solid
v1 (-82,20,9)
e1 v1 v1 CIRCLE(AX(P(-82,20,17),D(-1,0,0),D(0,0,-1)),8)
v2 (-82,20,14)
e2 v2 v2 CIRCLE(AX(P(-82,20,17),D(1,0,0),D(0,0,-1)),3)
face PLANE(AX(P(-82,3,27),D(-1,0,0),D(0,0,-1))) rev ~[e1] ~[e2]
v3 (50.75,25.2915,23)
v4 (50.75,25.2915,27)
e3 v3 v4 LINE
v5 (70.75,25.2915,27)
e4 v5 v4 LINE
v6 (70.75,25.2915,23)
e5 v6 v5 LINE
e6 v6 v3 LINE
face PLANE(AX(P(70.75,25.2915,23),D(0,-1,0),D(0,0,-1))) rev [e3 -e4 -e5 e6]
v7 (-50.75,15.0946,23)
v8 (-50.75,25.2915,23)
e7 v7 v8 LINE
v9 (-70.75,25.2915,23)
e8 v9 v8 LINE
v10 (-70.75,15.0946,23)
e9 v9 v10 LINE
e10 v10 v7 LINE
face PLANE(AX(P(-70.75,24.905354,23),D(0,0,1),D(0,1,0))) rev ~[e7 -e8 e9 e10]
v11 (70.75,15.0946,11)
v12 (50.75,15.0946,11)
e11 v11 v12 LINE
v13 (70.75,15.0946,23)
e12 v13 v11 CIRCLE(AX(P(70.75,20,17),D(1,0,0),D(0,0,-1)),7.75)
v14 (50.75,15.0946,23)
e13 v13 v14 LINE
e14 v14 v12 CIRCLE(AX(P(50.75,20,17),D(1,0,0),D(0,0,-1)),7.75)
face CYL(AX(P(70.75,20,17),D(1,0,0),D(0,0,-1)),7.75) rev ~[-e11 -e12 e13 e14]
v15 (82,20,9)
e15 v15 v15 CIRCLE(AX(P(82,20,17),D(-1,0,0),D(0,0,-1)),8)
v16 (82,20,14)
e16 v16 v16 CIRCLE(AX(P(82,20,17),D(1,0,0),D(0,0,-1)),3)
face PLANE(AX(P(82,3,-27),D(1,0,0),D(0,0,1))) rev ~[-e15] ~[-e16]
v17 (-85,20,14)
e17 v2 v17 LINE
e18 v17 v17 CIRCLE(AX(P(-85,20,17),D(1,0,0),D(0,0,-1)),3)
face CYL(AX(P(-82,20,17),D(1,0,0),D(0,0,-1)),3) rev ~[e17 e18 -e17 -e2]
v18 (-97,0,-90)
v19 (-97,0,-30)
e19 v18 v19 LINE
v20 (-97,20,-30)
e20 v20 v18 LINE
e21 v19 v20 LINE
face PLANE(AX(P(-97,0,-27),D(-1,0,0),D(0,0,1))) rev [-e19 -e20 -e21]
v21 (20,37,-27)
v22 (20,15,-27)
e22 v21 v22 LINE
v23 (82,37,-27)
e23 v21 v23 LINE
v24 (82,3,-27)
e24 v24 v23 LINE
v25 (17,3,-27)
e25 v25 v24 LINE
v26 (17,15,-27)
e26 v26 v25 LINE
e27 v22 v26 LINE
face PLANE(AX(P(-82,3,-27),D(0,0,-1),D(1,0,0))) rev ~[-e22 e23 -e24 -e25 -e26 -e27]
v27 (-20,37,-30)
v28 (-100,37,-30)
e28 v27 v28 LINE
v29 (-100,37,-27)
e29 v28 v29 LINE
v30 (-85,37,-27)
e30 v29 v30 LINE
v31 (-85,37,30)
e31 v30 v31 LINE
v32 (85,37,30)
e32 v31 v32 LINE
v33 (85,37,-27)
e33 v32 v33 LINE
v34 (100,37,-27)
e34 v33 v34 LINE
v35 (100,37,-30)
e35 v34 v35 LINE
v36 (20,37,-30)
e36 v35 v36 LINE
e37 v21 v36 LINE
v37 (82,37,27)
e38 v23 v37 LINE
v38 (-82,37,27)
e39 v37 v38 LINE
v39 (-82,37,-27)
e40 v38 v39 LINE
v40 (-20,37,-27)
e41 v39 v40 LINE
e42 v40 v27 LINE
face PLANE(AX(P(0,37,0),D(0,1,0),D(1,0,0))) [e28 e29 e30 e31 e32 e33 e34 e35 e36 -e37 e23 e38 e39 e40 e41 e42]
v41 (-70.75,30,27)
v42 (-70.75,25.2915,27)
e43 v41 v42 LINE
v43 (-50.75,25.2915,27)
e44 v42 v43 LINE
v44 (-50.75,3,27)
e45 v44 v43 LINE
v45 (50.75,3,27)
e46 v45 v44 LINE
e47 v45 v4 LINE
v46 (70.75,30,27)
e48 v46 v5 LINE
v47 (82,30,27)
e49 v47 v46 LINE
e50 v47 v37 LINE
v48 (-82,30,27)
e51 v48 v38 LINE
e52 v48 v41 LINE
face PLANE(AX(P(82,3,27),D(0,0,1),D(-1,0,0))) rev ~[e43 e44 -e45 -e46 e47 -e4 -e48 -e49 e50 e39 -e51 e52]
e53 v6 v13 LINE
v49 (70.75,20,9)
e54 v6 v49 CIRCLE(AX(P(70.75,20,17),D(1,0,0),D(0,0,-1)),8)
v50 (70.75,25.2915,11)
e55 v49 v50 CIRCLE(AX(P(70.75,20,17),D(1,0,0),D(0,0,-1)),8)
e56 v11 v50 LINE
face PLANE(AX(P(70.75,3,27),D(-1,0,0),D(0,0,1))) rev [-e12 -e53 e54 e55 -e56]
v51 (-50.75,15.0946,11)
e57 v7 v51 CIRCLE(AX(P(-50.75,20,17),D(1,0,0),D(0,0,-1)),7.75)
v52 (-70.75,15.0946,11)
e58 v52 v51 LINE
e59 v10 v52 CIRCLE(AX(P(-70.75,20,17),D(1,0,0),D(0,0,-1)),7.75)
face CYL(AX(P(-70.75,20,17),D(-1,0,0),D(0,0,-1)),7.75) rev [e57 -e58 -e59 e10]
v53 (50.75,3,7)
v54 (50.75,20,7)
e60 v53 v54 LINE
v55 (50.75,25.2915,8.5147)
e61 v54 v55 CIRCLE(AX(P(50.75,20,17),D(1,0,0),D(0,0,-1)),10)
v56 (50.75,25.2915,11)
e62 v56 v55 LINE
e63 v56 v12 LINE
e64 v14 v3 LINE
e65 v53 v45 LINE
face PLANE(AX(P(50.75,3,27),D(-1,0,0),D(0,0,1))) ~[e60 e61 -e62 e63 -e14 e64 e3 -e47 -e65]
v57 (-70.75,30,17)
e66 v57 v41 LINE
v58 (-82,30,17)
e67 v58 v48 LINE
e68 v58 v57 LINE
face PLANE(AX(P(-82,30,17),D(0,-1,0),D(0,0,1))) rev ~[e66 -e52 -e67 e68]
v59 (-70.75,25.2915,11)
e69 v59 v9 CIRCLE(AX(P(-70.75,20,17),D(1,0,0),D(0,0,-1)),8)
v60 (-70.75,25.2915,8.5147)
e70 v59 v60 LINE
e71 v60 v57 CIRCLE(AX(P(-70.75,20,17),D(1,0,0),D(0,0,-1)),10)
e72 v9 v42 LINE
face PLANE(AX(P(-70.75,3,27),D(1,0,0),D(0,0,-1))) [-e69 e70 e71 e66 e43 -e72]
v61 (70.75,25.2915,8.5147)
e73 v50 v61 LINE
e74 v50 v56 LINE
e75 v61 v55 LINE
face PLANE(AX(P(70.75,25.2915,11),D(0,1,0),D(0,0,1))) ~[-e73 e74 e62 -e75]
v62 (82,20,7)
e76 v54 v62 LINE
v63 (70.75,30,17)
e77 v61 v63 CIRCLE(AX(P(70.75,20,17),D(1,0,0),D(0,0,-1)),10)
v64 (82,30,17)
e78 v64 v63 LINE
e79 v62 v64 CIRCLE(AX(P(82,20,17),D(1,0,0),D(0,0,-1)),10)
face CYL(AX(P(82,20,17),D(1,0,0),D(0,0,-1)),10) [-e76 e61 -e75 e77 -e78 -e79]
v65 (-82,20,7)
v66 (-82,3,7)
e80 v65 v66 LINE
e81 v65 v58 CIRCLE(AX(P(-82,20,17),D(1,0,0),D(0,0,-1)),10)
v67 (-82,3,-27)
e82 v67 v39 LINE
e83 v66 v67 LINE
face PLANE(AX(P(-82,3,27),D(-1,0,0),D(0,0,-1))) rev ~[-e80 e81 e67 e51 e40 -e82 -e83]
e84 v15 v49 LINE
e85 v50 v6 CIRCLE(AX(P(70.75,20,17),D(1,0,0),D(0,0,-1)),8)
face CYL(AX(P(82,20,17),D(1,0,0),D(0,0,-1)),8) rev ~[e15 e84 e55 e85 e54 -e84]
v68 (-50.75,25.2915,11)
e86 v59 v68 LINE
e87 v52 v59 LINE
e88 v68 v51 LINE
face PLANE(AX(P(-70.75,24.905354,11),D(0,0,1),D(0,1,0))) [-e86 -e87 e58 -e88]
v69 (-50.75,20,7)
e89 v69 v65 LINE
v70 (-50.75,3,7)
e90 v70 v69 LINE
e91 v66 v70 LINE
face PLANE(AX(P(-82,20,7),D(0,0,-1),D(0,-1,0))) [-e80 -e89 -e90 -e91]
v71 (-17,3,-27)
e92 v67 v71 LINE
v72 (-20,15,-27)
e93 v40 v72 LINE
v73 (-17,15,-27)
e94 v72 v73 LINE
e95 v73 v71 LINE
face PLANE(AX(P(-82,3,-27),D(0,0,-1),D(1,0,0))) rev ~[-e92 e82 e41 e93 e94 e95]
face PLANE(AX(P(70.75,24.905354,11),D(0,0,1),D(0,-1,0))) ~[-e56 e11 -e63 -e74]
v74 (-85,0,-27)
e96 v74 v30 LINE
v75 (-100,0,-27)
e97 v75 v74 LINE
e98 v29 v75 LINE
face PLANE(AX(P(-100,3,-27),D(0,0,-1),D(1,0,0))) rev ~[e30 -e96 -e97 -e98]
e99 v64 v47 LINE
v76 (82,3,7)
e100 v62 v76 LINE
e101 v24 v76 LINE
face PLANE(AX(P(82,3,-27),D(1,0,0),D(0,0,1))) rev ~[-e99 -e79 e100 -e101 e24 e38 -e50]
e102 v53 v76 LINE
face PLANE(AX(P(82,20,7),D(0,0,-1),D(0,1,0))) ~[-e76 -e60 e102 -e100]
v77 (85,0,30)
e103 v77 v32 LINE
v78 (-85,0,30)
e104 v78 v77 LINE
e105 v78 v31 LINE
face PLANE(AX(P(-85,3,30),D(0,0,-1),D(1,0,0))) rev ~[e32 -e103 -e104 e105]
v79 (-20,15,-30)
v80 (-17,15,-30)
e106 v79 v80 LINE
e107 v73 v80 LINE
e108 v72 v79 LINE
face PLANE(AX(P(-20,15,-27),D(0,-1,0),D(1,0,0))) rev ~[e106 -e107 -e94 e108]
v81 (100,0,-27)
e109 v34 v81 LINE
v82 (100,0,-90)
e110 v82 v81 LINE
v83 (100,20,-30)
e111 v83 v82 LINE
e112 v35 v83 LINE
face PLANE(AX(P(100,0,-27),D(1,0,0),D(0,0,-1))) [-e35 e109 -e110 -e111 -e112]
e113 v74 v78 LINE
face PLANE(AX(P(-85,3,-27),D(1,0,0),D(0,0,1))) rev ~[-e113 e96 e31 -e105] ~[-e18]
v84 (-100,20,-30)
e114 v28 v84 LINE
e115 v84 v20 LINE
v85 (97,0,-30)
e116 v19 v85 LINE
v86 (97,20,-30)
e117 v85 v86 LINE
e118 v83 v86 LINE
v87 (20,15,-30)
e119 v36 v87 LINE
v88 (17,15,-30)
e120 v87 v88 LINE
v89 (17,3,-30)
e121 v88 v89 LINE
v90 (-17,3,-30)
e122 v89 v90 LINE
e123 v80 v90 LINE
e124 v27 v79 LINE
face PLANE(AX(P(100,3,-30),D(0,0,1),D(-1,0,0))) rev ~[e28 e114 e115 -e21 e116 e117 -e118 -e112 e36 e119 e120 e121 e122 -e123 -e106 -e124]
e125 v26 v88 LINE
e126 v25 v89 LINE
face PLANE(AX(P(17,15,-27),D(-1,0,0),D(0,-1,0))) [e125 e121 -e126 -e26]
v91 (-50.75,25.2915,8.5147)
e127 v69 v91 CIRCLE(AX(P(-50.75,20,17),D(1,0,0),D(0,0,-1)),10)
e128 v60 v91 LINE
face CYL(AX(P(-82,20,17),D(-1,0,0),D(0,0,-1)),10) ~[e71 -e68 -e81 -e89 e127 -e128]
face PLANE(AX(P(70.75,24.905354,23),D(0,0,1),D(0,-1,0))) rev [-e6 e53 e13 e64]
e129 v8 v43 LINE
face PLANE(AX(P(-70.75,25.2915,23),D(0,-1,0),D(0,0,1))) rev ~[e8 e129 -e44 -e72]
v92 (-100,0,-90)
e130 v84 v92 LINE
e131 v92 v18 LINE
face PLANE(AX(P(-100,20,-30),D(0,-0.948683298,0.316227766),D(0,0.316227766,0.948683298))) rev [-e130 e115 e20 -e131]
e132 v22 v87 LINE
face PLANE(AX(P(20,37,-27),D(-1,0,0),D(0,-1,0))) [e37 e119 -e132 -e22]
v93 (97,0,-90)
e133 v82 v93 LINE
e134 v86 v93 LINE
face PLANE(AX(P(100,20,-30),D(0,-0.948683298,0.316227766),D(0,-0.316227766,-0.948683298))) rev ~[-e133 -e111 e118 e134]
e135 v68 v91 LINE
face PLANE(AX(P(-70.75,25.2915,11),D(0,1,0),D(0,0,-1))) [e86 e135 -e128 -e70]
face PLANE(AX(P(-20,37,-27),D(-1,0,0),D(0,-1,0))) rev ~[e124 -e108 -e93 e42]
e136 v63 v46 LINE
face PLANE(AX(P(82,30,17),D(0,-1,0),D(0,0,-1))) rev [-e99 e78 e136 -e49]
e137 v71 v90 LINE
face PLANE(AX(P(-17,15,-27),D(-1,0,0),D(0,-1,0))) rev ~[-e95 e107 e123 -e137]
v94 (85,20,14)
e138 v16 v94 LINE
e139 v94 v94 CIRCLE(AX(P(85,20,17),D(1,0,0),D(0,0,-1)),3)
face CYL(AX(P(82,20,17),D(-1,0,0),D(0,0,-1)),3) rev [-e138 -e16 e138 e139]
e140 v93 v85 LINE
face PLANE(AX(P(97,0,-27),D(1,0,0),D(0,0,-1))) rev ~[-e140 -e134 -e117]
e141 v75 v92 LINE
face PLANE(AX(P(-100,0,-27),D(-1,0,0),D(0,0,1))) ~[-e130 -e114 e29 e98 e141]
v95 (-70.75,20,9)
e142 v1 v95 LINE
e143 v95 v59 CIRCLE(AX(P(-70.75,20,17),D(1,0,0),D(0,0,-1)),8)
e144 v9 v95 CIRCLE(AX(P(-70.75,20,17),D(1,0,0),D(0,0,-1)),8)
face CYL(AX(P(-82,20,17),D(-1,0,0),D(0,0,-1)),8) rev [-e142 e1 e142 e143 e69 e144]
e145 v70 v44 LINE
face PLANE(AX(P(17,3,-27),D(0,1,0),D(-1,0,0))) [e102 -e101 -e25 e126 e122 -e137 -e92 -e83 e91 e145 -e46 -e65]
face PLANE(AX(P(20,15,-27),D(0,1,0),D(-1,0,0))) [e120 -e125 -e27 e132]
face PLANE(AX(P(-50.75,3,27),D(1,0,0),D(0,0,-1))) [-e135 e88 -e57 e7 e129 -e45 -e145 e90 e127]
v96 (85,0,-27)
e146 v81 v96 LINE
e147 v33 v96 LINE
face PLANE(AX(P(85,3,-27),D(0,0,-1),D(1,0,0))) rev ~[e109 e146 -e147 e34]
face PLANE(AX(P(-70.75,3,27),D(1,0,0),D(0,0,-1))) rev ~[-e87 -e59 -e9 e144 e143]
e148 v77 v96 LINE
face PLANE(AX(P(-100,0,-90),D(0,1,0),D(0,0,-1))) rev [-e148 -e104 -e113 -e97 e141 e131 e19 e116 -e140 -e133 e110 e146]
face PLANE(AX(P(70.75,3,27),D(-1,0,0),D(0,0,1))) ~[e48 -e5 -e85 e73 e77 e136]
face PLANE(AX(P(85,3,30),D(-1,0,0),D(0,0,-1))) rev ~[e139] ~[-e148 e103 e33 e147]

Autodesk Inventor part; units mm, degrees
ref_plane "YZ Plane" through (0, 0, 0) normal (1, 0, 0) x (0, 1, 0)
ref_plane "XZ Plane" through (0, 0, 0) normal (0, 1, 0) x (-1, 0, 0)
ref_plane "XY Plane" through (0, 0, 0) normal (0, 0, 1) x (1, 0, 0)
sketch "Sketch1" plane through (0, 0, 0) normal (0, 1, 0) x (-1, 0, 0)
  line L0 (85, 30) -> (-85, 30)
  line L1 (-85, 30) -> (-85, -30)
  line L2 (-85, -30) -> (85, -30)
  line L3 (85, -30) -> (85, 30)
  line L4 (85, 30) -> (-85, -30) construction
  line L5 (-85, 30) -> (85, -30) construction
  line L6 (-85, -30) -> (-100, -30)
  line L7 (-100, -30) -> (-100, -27)
  line L8 (-100, -27) -> (-85, -27)
  line L9 (0, -42) -> (0, 42) projected
  line L10 (85, -30) -> (100, -30)
  line L11 (100, -30) -> (100, -27)
  line L12 (100, -27) -> (85, -27)
  point P0 (0, 0)
  point P1 (85, -27)
  dimension "d0" = 170
  dimension "d1" = 60
  dimension "d32" = 15
  dimension "d33" = 3
extrude "Extrusion1" add sketch "Sketch1" along normal blind 3
sketch "Sketch2" plane through (0, 3, 0) normal (0, 1, 0) x (1, 0, 0)
  line L0 (-85, 27) -> (-85, -30) projected
  line L1 (-85, -30) -> (85, -30) projected
  line L2 (85, -30) -> (85, 27) projected
  line L3 (100, 30) -> (-100, 30) projected
  line L4 (-100, 30) -> (-100, 27) projected
  line L5 (-100, 27) -> (-85, 27) projected
  line L6 (85, 27) -> (100, 27) projected
  line L7 (100, 27) -> (100, 30) projected
  line L8 (82, -27) -> (-82, -27)
  line L9 (-82, -27) -> (-82, 27)
  line L10 (-82, 27) -> (82, 27)
  line L11 (82, 27) -> (82, -27)
  line L12 (82, -27) -> (-82, 27) construction
  line L13 (-82, -27) -> (82, 27) construction
  point P0 (0, 0)
  dimension "d36" = 164
  dimension "d37" = 54
extrude "Extrusion2" add sketch "Sketch2" along normal blind 34
sketch "Sketch7" plane through (-82, 3, 27) normal (1, 0, 0) x (0, 0, -1)
  circle A0 centre (10, 17) radius 8
  line L0 (54, -3) -> (-3, -3) projected
  circle A1 centre (10, 17) radius 10
  line L1 (0, 17) -> (0, 0)
  line L2 (0, 17) -> (20, 17)
  line L3 (20, 17) -> (20, 0)
  line L4 (-3, -3) -> (-3, 34) projected
  line L5 (0, 0) -> (20, 0)
  line L6 (10, 27) -> (0, 27)
  line L7 (0, 0) -> (0, 34) projected
  line L8 (0, 17) -> (0, 27)
  point P0 (27, -3)
  point P1 (57, -3)
  dimension "d17" = 16
  dimension "d18" = 20
  dimension "d20" = 2
  dimension "d40" = 20
  dimension "d62" = 10
extrude "Extrusion5" add sketch "Sketch7" along normal blind 11.25 contours L2 A1 A0 | A0 L2 A1 | L3 L5 L1 A1 | L7 L6 A1
sketch "Sketch8" plane through (-70.75, 3, 27) normal (1, 0, 0) x (0, 0, -1)
  arc A0 (20, 17) -> (10, 27) centre (10, 17) ccw projected
  circle A1 centre (10, 17) radius 8 projected
  line L0 (0, 0) -> (0, 27) projected
  line L1 (20, 0) -> (0, 0) projected
  line L2 (20, 0) -> (20, 17) projected
  circle A2 centre (10, 17) radius 7.75
  line L3 (10, 27) -> (0, 27) projected
  line L4 (0, 0) -> (0, 27) projected
  line L5 (4, 12.0946) -> (4, 22.2915)
  line L6 (10, 27) -> (0, 27) projected
  line L7 (16, 12.0946) -> (16, 22.2915)
  line L8 (16, 22.2915) -> (18.4853, 22.2915)
  arc A3 (20, 17) -> (10, 27) centre (10, 17) ccw projected
  line L9 (4, 22.2915) -> (0, 22.2915)
  point P0 (27, -3)
  point P1 (4, 27)
  point P2 (18.4853, 22.2915)
  point P3 (4, 21.9054)
  point P4 (16, 21.9054)
  dimension "d55" = 15.5
  dimension "d63" = 12
  dimension "d64" = 6
extrude "Extrusion6" add sketch "Sketch8" along normal blind 20 contours L2 L1 L0 L9 A1 L8 A0 | A1 L5 A2 L7 | A2 L7 | L5 A2 picked at (9.114, 9.2488)
sketch "Sketch9" plane through (-82, 20, 17) normal (1, 0, 0) x (0, 0, -1)
  circle A0 centre (0, 0) radius 3
  line L0 (44, -20) -> (-13, -20) projected
  line L1 (-13, -20) -> (-13, 17) projected
  point P0 (17, -20)
  point P1 (47, -20)
  dimension "d27" = 6
  dimension "d28" = 20
  dimension "d41" = 13
extrude "Extrusion7" cut sketch "Sketch9" against normal up to surface (3 mm away)
mirror "Mirror2" about plane through (0, 0, 0) normal (1, 0, 0) of "Extrusion7", "Extrusion6", "Extrusion5"
sketch "Sketch4" plane through (-87, 3, -27) normal (0, 0, 1) x (1, 0, 0)
  line L0 (87, 34) -> (107, 34)
  line L1 (87, 34) -> (67, 34)
  line L2 (67, 34) -> (67, 0)
  line L3 (107, 34) -> (107, 0)
  line L4 (107, 0) -> (67, 0)
  line L5 (5, 0) -> (5, 34) projected
  line L6 (5, 34) -> (169, 34) projected
  line L7 (67, 12) -> (70, 12)
  line L8 (70, 12) -> (70, 0)
  line L9 (107, 12) -> (104, 12)
  line L10 (104, 12) -> (104, 0)
  point P0 (87, -3)
  dimension "d13" = 20
  dimension "d14" = 20
  dimension "d42" = 82
  dimension "d43" = 34
  dimension "WeaponMountThickness" = 3
  dimension "WeaponMountSlot" = 12
extrude "Extrusion9" cut sketch "Sketch4" against normal up to surface (3 mm away) contours L0 L3 L9 L10 L4 L8 L7 L2 L1
sketch "Sketch13" plane through (100, 0, -27) normal (1, 0, 0) x (0, 0, -1)
  line L0 (0, 0) -> (3, 0) projected
  line L1 (3, 0) -> (3, 20)
  line L2 (0, 0) -> (0, 37) projected
  line L3 (3, 20) -> (63, 0)
  line L4 (63, 0) -> (3, 0)
  point P0 (-27, 0)
  dimension "d60" = 60
  dimension "d61" = 20
extrude "Extrusion11" add sketch "Sketch13" against normal blind 3
mirror "Mirror4" about plane through (0, 0, 0) normal (1, 0, 0) of "Extrusion11"
sketch "Sketch14" plane through (0, 3, 0) normal (0, 1, 0) x (1, 0, 0)
  point P0 (0, 0)
equation "\"d0\" = Width"
equation "\"d1\" = Length"
equation "\"d32\" = -0.5 * Width + 0.5 * FullWidth"
equation "\"d33\" = SideWallThickness"
equation "\"d2\" = BaseWallThickness"
equation "\"d36\" = Width - 2 * SideWallThickness"
equation "\"d37\" = Length - 2 * SideWallThickness"
equation "\"d5\" = Height - 2 * BaseWallThickness"
equation "\"d18\" = DriveMotorHeight"
equation "\"d20\" = DriveMotorMountThickness"
equation "\"d28\" = DriveMotorHeight"
equation "\"d13\" = 0.5 * WeaponSlotWidth"
equation "\"d14\" = 0.5 * WeaponSlotWidth"
equation "\"d42\" = 0.5 * Width - SideWallThickness"
equation "\"d43\" = Height - 2 * BaseWallThickness"
equation "\"d60\" = WedgeLength"
equation "\"d61\" = WedgeHeight"
equation "\"d53\" = SideWallThickness"
equation "\"SideWallThickness\" = 3"
equation "\"BaseWallThickness\" = 3"
equation "\"Width\" = 170"
equation "\"Length\" = 60"
equation "\"DriveMotorHeight\" = 20"
equation "\"DriveMotorMountThickness\" = 2"
equation "\"WedgeLength\" = 60"
equation "\"WedgeHeight\" = 20"
equation "\"FullWidth\" = 200"
equation "\"Height\" = 40"
equation "\"WeaponSlotWidth\" = 40"
properties part number "BodyV2" material "Thermoplastic Resin"
